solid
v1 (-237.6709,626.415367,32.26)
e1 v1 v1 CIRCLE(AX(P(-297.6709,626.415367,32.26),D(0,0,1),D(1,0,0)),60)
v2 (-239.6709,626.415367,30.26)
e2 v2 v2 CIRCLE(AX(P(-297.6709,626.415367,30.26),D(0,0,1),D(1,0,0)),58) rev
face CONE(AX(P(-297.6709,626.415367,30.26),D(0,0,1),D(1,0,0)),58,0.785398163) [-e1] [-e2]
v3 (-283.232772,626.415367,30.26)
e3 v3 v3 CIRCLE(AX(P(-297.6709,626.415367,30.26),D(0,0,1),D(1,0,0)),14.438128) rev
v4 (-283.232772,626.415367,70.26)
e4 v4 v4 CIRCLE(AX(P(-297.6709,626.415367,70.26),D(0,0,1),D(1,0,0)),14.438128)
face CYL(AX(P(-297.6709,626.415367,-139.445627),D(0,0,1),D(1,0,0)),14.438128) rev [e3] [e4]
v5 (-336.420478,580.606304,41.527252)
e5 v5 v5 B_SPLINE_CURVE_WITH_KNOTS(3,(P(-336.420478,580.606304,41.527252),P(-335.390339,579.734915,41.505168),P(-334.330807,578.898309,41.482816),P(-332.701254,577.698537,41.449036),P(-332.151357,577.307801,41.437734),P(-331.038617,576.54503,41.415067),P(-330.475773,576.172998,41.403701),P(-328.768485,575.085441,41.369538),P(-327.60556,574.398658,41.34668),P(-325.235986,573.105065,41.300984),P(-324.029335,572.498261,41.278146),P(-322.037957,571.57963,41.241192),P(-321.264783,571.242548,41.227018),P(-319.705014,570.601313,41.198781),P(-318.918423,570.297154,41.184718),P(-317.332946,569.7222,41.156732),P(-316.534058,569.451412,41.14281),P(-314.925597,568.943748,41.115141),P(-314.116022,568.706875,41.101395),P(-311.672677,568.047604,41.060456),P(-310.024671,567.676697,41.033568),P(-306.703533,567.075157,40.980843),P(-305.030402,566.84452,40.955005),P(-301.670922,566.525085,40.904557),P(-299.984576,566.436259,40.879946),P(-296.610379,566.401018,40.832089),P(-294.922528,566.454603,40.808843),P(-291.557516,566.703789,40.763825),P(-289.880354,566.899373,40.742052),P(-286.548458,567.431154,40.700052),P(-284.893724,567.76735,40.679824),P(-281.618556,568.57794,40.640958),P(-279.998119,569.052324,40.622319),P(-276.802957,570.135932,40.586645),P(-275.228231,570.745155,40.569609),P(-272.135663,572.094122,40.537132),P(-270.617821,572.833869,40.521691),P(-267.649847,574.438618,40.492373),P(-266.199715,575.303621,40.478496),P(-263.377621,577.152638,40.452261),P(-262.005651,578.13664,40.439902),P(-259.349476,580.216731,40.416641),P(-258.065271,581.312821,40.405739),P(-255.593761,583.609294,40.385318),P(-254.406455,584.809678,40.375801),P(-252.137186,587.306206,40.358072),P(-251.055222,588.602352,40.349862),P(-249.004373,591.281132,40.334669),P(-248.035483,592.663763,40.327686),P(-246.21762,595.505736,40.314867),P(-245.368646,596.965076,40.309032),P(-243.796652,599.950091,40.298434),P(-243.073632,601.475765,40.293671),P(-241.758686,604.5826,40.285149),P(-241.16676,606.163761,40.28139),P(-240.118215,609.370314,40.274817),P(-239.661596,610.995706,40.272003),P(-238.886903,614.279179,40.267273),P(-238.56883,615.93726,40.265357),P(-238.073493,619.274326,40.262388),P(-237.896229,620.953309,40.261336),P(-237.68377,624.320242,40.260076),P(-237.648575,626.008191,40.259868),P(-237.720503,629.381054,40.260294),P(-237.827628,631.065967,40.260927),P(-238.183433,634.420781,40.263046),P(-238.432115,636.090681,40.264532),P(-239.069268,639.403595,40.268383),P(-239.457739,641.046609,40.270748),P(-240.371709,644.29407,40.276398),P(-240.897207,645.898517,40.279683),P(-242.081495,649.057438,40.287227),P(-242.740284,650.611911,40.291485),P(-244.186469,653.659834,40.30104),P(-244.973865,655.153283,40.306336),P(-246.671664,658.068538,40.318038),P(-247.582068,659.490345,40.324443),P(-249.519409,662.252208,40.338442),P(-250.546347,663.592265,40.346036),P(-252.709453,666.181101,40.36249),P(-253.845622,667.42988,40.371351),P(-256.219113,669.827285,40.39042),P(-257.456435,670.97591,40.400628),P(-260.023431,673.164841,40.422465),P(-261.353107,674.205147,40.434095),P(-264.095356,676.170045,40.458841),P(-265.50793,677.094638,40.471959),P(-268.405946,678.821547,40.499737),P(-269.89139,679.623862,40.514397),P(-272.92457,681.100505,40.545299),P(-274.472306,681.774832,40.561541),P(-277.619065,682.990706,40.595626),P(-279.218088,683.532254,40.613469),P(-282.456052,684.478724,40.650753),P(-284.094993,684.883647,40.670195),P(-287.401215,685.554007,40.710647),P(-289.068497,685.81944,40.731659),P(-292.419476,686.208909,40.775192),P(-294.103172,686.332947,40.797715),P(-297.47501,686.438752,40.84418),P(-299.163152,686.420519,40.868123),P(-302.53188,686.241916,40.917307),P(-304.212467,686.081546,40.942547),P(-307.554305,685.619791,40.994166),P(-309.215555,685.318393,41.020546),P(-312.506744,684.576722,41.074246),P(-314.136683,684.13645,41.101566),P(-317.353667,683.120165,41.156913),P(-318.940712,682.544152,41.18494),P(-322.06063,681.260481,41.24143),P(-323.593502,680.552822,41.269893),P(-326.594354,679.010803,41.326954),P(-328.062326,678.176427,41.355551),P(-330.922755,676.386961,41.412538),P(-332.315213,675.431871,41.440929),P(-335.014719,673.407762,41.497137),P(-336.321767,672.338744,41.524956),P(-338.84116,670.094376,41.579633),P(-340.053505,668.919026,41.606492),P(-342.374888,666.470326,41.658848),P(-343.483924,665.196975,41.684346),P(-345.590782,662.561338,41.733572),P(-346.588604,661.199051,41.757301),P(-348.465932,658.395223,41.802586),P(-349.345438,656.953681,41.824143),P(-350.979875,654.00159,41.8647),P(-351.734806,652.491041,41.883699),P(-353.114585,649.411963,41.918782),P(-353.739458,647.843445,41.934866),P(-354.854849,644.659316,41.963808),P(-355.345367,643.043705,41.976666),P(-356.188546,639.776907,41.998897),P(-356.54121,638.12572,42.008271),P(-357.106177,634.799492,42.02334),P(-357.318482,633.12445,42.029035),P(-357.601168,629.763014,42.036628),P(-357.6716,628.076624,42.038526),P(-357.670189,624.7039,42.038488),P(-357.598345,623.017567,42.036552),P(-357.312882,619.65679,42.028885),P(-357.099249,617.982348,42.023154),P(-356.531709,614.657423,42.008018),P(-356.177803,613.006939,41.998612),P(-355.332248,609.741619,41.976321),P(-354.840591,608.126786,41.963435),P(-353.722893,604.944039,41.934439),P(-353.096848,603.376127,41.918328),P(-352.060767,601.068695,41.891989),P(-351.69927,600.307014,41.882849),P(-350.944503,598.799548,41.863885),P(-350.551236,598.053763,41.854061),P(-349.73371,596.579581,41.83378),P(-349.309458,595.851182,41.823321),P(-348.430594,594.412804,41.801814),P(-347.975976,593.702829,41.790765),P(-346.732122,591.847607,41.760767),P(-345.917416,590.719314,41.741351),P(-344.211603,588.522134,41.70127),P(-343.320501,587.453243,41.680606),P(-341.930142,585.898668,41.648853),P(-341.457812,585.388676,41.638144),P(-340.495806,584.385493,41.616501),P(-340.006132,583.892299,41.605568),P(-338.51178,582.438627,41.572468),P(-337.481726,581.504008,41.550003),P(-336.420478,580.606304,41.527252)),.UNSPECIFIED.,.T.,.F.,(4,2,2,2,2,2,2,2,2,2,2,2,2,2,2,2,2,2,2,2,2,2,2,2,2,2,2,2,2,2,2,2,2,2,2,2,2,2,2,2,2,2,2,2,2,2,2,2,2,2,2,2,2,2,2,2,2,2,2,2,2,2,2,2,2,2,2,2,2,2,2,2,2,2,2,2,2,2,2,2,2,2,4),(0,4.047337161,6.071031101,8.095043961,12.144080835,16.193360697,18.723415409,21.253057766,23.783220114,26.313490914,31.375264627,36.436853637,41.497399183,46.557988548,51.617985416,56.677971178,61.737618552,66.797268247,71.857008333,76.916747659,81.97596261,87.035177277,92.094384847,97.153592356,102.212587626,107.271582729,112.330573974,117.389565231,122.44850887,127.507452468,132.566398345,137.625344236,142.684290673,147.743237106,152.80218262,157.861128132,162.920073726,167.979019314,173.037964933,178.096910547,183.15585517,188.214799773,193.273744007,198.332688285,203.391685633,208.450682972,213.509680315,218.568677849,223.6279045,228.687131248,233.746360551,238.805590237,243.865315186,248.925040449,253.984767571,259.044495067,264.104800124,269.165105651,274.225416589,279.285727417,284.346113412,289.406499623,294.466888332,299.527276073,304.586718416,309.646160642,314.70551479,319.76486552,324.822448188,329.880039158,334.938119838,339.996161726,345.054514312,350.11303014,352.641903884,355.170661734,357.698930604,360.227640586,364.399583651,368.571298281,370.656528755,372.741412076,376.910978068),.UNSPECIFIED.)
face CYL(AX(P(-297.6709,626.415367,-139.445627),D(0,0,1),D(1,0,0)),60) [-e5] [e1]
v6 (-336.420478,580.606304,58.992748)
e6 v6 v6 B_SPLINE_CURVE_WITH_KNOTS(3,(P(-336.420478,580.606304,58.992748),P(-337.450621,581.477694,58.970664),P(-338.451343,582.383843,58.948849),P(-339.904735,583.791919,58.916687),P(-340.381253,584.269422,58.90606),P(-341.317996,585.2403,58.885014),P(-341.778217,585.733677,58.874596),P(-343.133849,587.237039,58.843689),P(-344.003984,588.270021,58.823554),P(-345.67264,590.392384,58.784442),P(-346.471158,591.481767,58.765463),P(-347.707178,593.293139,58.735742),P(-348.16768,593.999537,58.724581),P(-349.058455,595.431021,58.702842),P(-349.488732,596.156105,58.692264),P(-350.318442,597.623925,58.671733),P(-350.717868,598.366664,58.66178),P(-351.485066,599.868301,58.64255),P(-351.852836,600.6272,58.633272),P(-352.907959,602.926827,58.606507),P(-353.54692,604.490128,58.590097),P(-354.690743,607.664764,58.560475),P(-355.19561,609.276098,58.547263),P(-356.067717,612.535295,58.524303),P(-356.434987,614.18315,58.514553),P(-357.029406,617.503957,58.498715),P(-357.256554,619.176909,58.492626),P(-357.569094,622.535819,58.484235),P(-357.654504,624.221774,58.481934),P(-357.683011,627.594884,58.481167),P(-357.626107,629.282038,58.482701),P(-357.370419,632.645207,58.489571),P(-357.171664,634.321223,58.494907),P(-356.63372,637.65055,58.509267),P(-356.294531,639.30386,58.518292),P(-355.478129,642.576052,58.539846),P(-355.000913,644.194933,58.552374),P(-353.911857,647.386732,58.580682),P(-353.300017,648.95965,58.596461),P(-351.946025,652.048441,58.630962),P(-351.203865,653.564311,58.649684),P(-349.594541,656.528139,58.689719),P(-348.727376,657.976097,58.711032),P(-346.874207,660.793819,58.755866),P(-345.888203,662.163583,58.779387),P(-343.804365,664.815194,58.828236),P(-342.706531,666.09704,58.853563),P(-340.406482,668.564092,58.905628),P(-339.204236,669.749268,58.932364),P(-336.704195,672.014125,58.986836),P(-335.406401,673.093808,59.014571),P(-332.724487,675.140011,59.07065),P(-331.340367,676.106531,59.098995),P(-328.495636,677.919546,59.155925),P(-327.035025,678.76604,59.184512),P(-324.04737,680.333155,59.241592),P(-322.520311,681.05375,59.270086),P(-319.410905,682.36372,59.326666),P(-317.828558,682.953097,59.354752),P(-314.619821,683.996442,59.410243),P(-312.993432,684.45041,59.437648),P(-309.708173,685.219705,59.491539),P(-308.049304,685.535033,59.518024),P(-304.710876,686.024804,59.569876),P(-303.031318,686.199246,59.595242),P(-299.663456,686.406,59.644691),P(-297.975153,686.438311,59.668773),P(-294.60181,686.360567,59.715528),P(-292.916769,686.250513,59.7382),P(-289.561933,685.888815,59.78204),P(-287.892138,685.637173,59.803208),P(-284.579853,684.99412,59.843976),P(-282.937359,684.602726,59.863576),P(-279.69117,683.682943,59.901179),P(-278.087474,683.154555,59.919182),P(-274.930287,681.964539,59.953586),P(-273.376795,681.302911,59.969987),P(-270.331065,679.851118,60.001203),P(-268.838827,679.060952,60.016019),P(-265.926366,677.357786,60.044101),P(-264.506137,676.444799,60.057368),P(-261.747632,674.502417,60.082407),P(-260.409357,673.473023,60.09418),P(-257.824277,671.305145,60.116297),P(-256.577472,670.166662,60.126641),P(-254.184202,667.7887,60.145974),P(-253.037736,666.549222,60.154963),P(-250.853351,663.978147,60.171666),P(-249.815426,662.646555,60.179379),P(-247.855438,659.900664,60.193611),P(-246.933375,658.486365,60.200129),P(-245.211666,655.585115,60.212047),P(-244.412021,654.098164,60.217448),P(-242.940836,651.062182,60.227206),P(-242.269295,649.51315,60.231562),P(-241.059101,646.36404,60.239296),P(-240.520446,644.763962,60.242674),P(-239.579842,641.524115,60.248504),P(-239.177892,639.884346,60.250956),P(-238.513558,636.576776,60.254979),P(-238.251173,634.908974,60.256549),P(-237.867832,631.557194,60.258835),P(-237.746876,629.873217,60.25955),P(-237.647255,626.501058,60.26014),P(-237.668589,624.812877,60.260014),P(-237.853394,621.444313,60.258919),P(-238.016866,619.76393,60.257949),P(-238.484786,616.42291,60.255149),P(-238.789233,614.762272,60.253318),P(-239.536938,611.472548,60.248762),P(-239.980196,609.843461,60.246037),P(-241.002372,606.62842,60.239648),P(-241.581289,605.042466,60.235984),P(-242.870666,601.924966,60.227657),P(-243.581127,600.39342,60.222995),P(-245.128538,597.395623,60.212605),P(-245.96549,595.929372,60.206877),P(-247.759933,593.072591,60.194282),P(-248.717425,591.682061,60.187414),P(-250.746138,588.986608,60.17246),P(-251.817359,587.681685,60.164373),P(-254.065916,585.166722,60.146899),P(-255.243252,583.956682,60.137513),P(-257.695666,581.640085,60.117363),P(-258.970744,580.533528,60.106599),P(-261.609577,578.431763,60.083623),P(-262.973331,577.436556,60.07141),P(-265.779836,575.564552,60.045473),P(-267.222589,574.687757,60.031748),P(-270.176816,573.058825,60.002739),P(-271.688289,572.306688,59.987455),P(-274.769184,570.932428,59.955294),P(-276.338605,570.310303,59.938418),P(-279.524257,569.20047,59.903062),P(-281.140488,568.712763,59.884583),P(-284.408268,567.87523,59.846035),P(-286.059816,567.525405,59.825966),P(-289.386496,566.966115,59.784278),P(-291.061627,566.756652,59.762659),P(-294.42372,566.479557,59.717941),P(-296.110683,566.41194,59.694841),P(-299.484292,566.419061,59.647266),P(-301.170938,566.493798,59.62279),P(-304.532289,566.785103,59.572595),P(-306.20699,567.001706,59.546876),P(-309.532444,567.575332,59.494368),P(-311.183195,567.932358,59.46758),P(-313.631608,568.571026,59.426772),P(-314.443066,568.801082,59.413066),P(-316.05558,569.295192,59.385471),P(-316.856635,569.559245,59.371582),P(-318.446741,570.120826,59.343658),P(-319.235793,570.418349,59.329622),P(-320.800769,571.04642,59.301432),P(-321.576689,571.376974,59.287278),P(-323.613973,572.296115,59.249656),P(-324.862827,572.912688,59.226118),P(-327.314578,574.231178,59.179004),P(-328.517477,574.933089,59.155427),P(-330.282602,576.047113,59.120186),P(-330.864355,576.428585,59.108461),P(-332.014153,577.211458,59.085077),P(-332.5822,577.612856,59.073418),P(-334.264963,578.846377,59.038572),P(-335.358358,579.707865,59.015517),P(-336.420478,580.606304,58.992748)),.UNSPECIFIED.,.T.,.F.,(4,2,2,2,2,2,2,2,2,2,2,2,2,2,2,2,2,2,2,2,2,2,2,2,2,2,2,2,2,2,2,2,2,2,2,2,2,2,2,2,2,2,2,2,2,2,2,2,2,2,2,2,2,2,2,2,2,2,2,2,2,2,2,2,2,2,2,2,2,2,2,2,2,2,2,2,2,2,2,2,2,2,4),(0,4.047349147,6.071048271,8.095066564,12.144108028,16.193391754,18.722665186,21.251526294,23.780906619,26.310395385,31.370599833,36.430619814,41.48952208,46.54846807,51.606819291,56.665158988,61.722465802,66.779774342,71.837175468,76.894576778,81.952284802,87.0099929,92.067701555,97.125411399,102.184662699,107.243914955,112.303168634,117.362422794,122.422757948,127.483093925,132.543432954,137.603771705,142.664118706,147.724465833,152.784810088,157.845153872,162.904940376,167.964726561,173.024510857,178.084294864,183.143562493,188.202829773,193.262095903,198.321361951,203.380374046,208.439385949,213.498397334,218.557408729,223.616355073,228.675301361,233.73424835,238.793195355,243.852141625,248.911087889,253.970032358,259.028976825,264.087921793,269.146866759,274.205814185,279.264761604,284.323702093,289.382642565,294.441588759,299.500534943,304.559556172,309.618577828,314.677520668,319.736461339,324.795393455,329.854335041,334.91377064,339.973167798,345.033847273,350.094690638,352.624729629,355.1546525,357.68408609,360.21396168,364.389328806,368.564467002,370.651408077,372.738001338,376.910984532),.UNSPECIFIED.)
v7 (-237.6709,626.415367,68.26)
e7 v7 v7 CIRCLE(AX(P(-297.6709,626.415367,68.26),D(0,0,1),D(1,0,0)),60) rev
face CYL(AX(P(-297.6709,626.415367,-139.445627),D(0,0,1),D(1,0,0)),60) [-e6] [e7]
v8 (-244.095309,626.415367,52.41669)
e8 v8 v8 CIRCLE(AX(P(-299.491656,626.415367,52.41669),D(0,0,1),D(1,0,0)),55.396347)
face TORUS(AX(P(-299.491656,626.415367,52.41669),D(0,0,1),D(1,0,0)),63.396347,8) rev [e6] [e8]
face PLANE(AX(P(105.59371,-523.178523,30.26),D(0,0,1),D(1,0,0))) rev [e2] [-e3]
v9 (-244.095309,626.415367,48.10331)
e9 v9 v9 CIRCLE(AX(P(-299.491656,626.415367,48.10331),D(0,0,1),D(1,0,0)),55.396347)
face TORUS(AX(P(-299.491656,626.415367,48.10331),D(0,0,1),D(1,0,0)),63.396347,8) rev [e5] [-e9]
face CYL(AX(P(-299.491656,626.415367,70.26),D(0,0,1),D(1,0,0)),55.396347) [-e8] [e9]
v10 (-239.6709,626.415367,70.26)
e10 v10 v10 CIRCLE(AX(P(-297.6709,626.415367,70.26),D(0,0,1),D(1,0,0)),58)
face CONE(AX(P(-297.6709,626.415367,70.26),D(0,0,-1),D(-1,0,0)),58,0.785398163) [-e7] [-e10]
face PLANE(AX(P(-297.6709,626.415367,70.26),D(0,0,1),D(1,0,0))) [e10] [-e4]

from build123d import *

# Parameters (mm, degrees)
SKETCH_1_R      = 60
SKETCH_1_R_2    = 14.438127561
EXTRUDE_1_DEPTH = 40
CHAMFER_1_SIZE  = 2


with BuildPart() as part:
    # 草图1 → 凸台-拉伸1 (new body)
    with BuildSketch(Plane.XY.offset(70.26)):
        with Locations((-297.670899951, 626.415366791)):
            Circle(SKETCH_1_R)
        with Locations((-297.670899951, 626.415366791)):
            Circle(SKETCH_1_R_2, mode=Mode.SUBTRACT)
    extrude(amount=-EXTRUDE_1_DEPTH)

    # 草图4 → 切除-旋转1 (revolve, cut)
    with BuildSketch(Plane(origin=(0, 626.415366791, 0), x_dir=(1, 0, 0), z_dir=(0, 1, 0))):
        with BuildLine():
            Line((-244.095308656, -48.103310059), (-244.095308655, -52.416689982))
            ThreePointArc((-244.095308655, -52.416689982), (-242.284199059, -57.48597347), (-237.670899813, -60.259999987))
            Line((-237.670899813, -60.259999987), (-237.670899811, -40.260000013))
            ThreePointArc((-237.670899811, -40.260000013), (-242.284199071, -43.034026546), (-244.095308656, -48.103310059))
        make_face()
    revolve(axis=Axis((-299.491656028, 626.415366791, 70.26), (0, 0, -1)), mode=Mode.SUBTRACT)

    # 倒角1
    chamfer_1_edges = [part.edges().sort_by_distance(p)[0] for p in [
        (-357.670899951, 626.415366791, 70.26),
        (-357.670899951, 626.415366791, 30.26),
    ]]
    chamfer(chamfer_1_edges, length=CHAMFER_1_SIZE)


solid = part.part
